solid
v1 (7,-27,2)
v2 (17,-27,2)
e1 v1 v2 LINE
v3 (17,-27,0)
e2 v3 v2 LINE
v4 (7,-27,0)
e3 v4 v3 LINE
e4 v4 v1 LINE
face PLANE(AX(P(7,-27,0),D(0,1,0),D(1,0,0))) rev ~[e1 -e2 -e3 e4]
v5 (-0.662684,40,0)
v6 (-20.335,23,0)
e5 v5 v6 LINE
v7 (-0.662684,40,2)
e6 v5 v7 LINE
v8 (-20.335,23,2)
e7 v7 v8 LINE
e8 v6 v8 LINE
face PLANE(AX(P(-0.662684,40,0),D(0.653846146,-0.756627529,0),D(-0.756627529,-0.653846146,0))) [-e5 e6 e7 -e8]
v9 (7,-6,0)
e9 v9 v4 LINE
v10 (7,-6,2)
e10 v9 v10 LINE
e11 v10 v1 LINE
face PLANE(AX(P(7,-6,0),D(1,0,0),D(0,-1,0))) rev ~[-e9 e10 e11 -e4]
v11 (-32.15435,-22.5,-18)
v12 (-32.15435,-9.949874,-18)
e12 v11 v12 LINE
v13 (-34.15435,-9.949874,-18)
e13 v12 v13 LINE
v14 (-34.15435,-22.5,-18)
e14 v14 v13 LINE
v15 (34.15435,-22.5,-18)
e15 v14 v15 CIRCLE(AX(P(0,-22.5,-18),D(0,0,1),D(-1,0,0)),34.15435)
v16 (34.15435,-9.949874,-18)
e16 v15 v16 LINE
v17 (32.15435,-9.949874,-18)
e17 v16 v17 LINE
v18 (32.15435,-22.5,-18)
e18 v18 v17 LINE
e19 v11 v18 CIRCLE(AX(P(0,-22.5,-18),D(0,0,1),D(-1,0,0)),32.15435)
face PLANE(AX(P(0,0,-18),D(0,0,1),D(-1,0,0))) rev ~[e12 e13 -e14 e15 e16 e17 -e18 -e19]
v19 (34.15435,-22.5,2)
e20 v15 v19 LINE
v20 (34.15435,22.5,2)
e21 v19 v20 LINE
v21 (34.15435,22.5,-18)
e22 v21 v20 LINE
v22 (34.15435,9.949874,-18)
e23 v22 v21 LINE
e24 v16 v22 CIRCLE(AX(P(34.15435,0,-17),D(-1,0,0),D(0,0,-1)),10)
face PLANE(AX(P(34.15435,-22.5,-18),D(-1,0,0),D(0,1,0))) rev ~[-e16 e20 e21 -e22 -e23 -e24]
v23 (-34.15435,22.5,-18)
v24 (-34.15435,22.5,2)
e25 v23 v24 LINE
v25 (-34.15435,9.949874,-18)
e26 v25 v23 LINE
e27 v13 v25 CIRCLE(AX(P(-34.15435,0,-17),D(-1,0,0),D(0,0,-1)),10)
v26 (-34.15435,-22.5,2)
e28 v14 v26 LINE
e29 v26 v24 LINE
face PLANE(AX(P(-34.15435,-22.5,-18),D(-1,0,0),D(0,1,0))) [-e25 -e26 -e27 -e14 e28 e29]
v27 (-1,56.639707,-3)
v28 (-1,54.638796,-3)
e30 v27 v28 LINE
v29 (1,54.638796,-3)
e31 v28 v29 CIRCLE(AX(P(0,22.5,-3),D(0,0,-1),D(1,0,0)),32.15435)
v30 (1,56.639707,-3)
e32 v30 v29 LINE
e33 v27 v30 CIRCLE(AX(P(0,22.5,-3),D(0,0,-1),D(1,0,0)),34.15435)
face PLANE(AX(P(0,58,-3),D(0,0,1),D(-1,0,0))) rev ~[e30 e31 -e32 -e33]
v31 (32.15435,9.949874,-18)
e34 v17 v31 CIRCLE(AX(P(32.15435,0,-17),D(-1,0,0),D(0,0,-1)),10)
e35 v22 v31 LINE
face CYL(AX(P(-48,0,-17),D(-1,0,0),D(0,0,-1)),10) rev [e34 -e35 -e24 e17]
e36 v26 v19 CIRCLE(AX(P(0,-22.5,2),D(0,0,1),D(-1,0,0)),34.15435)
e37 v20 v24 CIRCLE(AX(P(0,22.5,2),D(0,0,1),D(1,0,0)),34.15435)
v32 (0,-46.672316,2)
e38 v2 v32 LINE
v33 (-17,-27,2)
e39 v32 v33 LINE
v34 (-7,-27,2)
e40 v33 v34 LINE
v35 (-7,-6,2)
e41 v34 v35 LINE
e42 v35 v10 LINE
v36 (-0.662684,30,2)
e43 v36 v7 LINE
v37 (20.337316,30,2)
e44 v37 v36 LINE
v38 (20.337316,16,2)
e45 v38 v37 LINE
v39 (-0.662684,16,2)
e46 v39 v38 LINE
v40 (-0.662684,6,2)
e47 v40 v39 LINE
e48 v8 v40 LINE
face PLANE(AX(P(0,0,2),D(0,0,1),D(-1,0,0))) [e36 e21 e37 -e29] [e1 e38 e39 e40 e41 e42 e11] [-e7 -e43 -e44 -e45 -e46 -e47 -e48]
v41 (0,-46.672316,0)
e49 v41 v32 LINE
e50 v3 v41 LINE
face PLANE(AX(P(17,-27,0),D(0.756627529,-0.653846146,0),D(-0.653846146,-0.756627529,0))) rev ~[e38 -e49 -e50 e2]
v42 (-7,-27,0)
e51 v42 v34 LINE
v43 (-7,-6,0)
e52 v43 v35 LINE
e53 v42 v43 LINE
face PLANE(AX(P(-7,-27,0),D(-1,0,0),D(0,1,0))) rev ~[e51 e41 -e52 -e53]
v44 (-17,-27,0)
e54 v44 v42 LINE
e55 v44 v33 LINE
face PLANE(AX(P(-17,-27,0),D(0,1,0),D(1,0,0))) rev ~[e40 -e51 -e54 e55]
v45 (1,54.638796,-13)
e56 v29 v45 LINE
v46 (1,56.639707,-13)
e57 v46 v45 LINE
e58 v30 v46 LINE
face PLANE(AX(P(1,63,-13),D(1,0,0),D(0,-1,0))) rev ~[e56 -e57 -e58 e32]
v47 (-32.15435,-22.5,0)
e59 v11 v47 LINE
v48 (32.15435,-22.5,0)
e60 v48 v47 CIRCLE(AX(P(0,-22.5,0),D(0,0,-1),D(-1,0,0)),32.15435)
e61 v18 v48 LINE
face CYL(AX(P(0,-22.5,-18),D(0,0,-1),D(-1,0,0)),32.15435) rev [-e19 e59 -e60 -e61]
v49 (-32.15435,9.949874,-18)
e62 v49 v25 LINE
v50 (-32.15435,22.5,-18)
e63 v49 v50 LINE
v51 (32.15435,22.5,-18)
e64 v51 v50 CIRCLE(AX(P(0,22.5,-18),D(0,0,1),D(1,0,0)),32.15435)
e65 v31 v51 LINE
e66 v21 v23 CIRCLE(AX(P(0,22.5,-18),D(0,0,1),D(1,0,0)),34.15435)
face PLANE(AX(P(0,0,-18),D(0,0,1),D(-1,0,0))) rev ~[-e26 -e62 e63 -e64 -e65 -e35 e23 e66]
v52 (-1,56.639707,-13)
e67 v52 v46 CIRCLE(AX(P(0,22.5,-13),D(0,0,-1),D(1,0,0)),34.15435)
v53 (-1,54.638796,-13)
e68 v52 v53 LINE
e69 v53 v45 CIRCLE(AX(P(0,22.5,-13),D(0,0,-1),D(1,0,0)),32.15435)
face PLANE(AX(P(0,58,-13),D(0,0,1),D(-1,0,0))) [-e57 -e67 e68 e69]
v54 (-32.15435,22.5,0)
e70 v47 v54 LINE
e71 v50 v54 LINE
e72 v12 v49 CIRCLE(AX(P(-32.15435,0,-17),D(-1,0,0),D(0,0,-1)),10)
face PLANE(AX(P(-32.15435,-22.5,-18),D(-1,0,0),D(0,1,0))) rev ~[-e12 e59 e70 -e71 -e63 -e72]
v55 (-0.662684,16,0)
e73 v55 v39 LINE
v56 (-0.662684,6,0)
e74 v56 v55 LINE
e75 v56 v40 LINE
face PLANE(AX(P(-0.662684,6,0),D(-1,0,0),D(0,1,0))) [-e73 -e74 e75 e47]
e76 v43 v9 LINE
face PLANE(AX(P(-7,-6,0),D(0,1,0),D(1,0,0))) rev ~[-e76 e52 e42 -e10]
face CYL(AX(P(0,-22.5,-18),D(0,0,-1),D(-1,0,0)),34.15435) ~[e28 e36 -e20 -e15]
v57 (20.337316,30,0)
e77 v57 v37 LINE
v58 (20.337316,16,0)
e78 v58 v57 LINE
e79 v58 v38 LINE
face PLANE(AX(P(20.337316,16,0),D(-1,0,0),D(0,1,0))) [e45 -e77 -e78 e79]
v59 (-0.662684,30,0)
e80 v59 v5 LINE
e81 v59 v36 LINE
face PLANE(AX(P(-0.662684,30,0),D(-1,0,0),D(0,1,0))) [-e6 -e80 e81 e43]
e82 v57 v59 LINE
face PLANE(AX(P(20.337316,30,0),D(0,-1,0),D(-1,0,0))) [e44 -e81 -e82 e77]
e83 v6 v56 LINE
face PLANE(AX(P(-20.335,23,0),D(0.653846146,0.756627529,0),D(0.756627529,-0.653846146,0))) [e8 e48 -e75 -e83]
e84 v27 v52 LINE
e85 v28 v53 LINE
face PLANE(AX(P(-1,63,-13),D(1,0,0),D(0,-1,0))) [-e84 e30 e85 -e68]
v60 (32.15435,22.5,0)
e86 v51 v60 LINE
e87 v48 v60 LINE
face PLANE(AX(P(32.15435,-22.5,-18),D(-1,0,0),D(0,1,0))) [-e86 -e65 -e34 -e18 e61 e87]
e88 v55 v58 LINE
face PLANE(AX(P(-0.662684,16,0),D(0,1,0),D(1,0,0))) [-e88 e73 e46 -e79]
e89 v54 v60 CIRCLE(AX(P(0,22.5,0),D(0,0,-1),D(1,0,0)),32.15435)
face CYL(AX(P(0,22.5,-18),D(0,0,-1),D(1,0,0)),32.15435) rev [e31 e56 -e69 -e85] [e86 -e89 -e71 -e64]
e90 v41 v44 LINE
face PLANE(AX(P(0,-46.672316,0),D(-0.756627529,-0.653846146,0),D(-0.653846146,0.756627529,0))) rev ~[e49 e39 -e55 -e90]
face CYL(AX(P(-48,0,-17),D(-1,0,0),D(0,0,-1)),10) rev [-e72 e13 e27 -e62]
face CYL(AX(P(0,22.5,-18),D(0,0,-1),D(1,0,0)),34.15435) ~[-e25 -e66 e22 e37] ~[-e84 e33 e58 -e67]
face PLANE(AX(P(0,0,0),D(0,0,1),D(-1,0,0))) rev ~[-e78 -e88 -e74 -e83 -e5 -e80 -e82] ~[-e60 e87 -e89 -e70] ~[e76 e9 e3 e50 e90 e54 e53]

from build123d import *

# Parameters (mm, degrees)
CYLINDER002_R          = 10
CYLINDER002_DEPTH      = 100
BOX001_W               = 2
BOX001_H               = 10
BOX001_DEPTH           = 10
PAD001_DEPTH           = 2
PAD_DEPTH              = 20
CUT001_PLACEMENT_ANGLE = 180


with BuildPart() as cylinder002:
    # Cylinder002 → Cylinder002 (new body)
    with BuildSketch(Plane(origin=(-48, 0, -17), x_dir=(0, 0, -1), z_dir=(1, 0, 0))):
        Circle(CYLINDER002_R)
    extrude(amount=CYLINDER002_DEPTH)


with BuildPart() as cube001:
    # Box001 → Box001 (new body)
    with BuildSketch(Plane(origin=(-1, -63, -13), x_dir=(1, 0, 0), z_dir=(0, 0, 1))):
        with Locations((1, 5)):
            Rectangle(BOX001_W, BOX001_H)
    extrude(amount=BOX001_DEPTH)


with BuildPart() as body001:
    # Sketch001 → Pad001 (new body)
    with BuildSketch(Plane.XY):
        with BuildLine():
            ThreePointArc((32.166162, 22.5), (0, 54.666162), (-32.166162, 22.5))
            Line((-32.166162, 22.5), (-32.166162, -22.5))
            ThreePointArc((-32.166162, -22.5), (0, -54.666162), (32.166162, -22.5))
            Line((32.166162, 22.5), (32.166162, -22.5))
        make_face()
        Polygon((-17, 27), (0, 46.672316), (17, 27), (7, 27), (7, 6), (-7, 6), (-7, 27), align=None, mode=Mode.SUBTRACT)
        Polygon((-20.337316, -16), (-20.337316, -30), (0.662684, -30), (0.662684, -40), (20.335, -23), (0.662684, -6), (0.662684, -16), align=None, mode=Mode.SUBTRACT)
    extrude(amount=PAD001_DEPTH)


with BuildPart() as f_64_trafficlightcasetop:
    # Sketch → Pad (new body)
    with BuildSketch(Plane.XY):
        with BuildLine():
            ThreePointArc((34.15435, 22.5), (0, 56.65435), (-34.15435, 22.5))
            Line((-34.15435, 22.5), (-34.15435, -22.5))
            ThreePointArc((-34.15435, -22.5), (0, -56.65435), (34.15435, -22.5))
            Line((34.15435, 22.5), (34.15435, -22.5))
        make_face()
        with BuildLine():
            ThreePointArc((32.15435, 22.5), (0, 54.65435), (-32.15435, 22.5))
            Line((-32.15435, 22.5), (-32.15435, -22.5))
            ThreePointArc((-32.15435, -22.5), (0, -54.65435), (32.15435, -22.5))
            Line((32.15435, 22.5), (32.15435, -22.5))
        make_face(mode=Mode.SUBTRACT)
    extrude(amount=PAD_DEPTH)


with BuildPart() as f_64_trafficlightcasetop_1:
    # Body placement: moved
    add(f_64_trafficlightcasetop.part.moved(Location((0, 0, -18))))

    # Fusion: union Body001
    add(body001.part)

    # Cut001: cut Cube001
    add(cube001.part, mode=Mode.SUBTRACT)


with BuildPart() as f_64_trafficlightcasetop_2:
    # Cut001 placement: moved
    add(f_64_trafficlightcasetop_1.part.rotate(Axis((0, 0, 0), (0, 0, 1)), CUT001_PLACEMENT_ANGLE))

    # Cut004: cut Cylinder002
    add(cylinder002.part, mode=Mode.SUBTRACT)


solid = f_64_trafficlightcasetop_2.part
